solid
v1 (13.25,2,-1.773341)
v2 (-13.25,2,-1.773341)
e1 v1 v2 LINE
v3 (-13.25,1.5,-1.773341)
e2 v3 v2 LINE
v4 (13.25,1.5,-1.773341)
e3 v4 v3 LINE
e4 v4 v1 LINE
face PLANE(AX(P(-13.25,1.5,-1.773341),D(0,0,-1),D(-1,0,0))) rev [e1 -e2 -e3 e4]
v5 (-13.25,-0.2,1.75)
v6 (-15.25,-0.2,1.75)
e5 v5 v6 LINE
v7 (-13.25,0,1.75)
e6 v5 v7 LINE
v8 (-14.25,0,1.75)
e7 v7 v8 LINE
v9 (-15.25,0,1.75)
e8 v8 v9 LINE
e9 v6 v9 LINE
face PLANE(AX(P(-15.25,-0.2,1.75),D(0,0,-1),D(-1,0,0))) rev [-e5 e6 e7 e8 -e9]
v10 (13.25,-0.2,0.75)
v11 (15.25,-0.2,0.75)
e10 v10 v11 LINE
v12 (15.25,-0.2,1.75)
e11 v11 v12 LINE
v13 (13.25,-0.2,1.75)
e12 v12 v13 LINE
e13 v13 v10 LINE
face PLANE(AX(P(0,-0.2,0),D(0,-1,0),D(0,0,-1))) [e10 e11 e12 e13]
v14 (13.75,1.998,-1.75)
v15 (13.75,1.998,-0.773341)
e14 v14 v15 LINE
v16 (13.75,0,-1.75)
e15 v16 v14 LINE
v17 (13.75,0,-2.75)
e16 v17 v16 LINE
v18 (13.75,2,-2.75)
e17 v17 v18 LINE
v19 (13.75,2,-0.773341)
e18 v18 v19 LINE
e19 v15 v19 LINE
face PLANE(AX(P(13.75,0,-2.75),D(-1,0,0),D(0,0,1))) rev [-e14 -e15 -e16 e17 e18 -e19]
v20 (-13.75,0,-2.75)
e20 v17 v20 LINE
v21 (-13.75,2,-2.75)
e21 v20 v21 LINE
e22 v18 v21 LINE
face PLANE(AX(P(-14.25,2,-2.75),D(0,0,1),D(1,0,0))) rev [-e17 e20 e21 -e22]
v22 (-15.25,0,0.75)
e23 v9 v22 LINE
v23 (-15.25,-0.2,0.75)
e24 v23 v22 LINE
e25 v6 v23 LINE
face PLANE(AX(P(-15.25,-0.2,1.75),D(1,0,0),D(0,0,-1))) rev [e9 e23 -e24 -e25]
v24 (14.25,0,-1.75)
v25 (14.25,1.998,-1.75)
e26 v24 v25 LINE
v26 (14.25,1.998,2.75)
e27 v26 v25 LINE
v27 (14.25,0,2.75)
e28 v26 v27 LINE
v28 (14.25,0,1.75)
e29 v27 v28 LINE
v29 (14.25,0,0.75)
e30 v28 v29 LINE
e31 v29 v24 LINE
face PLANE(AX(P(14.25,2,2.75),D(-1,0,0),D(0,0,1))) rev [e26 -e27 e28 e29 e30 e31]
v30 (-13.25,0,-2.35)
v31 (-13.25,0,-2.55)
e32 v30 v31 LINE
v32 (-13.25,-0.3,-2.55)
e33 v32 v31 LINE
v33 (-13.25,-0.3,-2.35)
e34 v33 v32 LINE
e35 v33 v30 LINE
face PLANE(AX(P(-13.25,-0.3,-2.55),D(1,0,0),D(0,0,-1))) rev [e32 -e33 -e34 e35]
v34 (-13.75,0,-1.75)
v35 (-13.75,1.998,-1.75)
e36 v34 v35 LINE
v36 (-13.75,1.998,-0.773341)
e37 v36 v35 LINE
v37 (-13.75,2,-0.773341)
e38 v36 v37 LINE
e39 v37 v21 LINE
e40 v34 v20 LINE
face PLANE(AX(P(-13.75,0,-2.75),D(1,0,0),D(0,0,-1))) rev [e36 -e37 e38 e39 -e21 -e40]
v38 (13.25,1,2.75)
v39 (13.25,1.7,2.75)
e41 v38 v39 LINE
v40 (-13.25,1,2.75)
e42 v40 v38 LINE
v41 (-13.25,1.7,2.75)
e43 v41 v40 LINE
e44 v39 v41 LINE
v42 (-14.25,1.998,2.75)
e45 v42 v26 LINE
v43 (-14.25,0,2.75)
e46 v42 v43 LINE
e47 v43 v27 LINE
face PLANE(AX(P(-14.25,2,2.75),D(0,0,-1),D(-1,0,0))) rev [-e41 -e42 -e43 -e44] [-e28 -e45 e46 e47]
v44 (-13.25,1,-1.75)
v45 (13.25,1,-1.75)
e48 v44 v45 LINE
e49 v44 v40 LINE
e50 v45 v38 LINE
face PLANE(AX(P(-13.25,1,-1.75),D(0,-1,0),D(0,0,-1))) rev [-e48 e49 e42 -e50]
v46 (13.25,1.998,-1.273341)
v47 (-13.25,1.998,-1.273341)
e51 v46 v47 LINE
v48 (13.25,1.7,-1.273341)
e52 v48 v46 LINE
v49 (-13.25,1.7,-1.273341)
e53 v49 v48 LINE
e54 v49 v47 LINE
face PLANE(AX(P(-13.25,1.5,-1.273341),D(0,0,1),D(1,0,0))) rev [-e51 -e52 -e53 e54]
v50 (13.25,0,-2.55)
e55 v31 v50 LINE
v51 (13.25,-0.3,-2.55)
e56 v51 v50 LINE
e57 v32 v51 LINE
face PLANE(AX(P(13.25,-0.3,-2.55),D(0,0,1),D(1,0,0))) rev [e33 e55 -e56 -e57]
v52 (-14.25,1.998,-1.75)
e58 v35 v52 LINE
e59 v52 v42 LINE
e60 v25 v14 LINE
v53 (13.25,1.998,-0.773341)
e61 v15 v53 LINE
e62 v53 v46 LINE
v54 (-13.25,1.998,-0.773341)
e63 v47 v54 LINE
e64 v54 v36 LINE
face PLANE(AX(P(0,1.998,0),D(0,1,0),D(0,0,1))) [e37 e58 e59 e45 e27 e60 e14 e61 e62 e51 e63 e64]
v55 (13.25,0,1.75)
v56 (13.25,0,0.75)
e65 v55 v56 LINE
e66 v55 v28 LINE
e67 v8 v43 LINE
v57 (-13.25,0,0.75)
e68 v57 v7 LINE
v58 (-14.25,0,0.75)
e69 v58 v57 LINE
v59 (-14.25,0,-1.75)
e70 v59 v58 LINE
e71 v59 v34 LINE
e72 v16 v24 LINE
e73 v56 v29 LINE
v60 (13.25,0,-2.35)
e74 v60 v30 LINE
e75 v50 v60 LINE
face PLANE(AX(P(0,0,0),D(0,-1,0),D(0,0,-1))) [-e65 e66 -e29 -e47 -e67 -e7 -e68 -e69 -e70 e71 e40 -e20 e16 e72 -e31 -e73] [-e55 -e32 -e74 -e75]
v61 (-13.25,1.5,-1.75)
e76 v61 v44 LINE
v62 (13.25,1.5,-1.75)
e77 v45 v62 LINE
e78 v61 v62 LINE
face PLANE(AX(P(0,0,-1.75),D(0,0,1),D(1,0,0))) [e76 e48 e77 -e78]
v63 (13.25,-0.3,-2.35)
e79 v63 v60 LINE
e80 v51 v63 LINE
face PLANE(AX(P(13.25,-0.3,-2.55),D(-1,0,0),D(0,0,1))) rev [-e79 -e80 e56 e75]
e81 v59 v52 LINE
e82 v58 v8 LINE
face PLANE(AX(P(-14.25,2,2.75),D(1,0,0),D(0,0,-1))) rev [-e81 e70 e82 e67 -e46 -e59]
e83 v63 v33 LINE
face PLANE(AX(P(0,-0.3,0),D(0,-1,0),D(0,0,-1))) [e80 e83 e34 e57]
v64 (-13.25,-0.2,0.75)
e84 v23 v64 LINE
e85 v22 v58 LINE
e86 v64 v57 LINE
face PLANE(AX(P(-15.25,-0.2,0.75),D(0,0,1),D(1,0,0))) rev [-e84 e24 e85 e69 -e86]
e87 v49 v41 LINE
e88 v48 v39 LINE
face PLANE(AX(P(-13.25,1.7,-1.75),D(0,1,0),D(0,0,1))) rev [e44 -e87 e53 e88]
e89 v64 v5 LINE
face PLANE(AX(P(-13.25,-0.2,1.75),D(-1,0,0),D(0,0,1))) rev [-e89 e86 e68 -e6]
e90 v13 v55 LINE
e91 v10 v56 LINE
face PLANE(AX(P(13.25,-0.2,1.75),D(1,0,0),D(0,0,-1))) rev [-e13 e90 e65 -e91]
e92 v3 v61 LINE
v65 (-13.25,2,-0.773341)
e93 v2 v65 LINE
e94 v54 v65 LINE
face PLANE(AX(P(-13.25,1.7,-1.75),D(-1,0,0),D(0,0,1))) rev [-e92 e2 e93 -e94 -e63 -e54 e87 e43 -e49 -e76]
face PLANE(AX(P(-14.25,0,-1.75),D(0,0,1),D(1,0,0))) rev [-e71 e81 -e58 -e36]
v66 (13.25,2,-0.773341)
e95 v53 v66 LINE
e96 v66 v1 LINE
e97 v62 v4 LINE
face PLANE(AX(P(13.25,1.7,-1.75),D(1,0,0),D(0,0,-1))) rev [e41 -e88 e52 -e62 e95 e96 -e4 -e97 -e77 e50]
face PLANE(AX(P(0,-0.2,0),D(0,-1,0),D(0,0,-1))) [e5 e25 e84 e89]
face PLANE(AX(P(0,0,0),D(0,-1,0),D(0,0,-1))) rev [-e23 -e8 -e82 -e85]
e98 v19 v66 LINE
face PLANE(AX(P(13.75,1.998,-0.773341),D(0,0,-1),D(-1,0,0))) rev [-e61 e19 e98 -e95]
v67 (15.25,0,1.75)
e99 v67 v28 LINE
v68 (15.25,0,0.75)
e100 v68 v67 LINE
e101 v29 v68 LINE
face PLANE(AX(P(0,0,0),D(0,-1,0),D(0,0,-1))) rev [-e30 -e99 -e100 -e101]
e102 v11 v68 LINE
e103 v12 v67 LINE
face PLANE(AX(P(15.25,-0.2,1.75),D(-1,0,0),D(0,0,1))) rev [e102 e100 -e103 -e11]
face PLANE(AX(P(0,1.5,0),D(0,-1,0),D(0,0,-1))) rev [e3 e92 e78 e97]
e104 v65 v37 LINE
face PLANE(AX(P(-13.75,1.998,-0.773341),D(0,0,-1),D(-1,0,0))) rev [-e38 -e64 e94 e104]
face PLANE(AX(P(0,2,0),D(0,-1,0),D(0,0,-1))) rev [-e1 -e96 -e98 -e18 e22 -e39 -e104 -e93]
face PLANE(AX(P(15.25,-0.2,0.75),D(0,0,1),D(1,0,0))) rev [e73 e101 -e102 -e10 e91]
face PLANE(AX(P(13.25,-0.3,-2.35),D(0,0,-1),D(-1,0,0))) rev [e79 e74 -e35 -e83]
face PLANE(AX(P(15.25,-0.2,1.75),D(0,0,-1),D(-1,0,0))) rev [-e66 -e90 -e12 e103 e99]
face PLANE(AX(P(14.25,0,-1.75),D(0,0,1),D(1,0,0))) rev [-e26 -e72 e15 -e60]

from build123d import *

# Parameters (mm, degrees)
SKETCH_1_W          = 28.5
SKETCH_1_H          = 5.5
EXTRUDE_1_DEPTH     = 2
SKETCH_2_W          = 0.5
SKETCH_2_H          = 1
CUT_EXTRUDE_1_DEPTH = 15.650085324
SKETCH_4_W          = 2
SKETCH_4_H          = 1
EXTRUDE_2_DEPTH     = 0.2
SKETCH_5_W          = 26.5
SKETCH_5_H          = 0.2
EXTRUDE_3_DEPTH     = 0.3
SKETCH_6_W          = 26.5
SKETCH_6_H          = 0.7
CUT_EXTRUDE_2_DEPTH = 4.5
CUT_EXTRUDE_3_DEPTH = 0.002
SKETCH_8_W          = 26.5
SKETCH_8_H          = 0.5
CUT_EXTRUDE_4_DEPTH = 0.5


with BuildPart() as part:
    # 草图1 → 凸台-拉伸1 (new body)
    with BuildSketch(Plane(origin=(0, 0, 0), x_dir=(1, 0, 0), z_dir=(0, 1, 0))):
        Rectangle(SKETCH_1_W, SKETCH_1_H)
    extrude(amount=EXTRUDE_1_DEPTH)

    # 草图2 → 切除-拉伸1 (cut, through all)
    with BuildSketch(Plane(origin=(0, 2, 0), x_dir=(1, 0, 0), z_dir=(0, 1, 0))):
        with Locations((-14, 2.25)):
            Rectangle(SKETCH_2_W, SKETCH_2_H)
        with Locations((14, 2.25)):
            Rectangle(SKETCH_2_W, SKETCH_2_H)
    extrude(amount=-CUT_EXTRUDE_1_DEPTH, mode=Mode.SUBTRACT)

    # 草图4 → 凸台-拉伸2 (add)
    with BuildSketch(Plane.XZ):
        with Locations((-14.25, 1.25)):
            Rectangle(SKETCH_4_W, SKETCH_4_H)
        with Locations((14.25, 1.25)):
            Rectangle(SKETCH_4_W, SKETCH_4_H)
    extrude(amount=EXTRUDE_2_DEPTH)

    # 草图5 → 凸台-拉伸3 (add)
    with BuildSketch(Plane.XZ):
        with Locations((0, -2.45)):
            Rectangle(SKETCH_5_W, SKETCH_5_H)
    extrude(amount=EXTRUDE_3_DEPTH)

    # 草图6 → 切除-拉伸2 (cut)
    with BuildSketch(Plane.XY.offset(2.75)):
        with Locations((0, 1.35)):
            Rectangle(SKETCH_6_W, SKETCH_6_H)
    extrude(amount=-CUT_EXTRUDE_2_DEPTH, mode=Mode.SUBTRACT)

    # 草图7 → 切除-拉伸3 (cut)
    with BuildSketch(Plane(origin=(0, 2, 0), x_dir=(1, 0, 0), z_dir=(0, 1, 0))):
        Polygon((-13.75, 1.75), (-13.75, 0.773341088), (-13.25, 0.773341088), (-13.25, 1.273341088), (13.25, 1.273341088), (13.25, 0.773341088), (13.75, 0.773341088), (13.75, 1.75), (14.25, 1.75), (14.25, -2.75), (-14.25, -2.75), (-14.25, 1.75), align=None)
    extrude(amount=-CUT_EXTRUDE_3_DEPTH, mode=Mode.SUBTRACT)

    # 草图8 → 切除-拉伸4 (cut)
    with BuildSketch(Plane(origin=(0, 2, 0), x_dir=(1, 0, 0), z_dir=(0, 1, 0))):
        with Locations((0, 1.523341088)):
            Rectangle(SKETCH_8_W, SKETCH_8_H)
    extrude(amount=-CUT_EXTRUDE_4_DEPTH, mode=Mode.SUBTRACT)


solid = part.part
